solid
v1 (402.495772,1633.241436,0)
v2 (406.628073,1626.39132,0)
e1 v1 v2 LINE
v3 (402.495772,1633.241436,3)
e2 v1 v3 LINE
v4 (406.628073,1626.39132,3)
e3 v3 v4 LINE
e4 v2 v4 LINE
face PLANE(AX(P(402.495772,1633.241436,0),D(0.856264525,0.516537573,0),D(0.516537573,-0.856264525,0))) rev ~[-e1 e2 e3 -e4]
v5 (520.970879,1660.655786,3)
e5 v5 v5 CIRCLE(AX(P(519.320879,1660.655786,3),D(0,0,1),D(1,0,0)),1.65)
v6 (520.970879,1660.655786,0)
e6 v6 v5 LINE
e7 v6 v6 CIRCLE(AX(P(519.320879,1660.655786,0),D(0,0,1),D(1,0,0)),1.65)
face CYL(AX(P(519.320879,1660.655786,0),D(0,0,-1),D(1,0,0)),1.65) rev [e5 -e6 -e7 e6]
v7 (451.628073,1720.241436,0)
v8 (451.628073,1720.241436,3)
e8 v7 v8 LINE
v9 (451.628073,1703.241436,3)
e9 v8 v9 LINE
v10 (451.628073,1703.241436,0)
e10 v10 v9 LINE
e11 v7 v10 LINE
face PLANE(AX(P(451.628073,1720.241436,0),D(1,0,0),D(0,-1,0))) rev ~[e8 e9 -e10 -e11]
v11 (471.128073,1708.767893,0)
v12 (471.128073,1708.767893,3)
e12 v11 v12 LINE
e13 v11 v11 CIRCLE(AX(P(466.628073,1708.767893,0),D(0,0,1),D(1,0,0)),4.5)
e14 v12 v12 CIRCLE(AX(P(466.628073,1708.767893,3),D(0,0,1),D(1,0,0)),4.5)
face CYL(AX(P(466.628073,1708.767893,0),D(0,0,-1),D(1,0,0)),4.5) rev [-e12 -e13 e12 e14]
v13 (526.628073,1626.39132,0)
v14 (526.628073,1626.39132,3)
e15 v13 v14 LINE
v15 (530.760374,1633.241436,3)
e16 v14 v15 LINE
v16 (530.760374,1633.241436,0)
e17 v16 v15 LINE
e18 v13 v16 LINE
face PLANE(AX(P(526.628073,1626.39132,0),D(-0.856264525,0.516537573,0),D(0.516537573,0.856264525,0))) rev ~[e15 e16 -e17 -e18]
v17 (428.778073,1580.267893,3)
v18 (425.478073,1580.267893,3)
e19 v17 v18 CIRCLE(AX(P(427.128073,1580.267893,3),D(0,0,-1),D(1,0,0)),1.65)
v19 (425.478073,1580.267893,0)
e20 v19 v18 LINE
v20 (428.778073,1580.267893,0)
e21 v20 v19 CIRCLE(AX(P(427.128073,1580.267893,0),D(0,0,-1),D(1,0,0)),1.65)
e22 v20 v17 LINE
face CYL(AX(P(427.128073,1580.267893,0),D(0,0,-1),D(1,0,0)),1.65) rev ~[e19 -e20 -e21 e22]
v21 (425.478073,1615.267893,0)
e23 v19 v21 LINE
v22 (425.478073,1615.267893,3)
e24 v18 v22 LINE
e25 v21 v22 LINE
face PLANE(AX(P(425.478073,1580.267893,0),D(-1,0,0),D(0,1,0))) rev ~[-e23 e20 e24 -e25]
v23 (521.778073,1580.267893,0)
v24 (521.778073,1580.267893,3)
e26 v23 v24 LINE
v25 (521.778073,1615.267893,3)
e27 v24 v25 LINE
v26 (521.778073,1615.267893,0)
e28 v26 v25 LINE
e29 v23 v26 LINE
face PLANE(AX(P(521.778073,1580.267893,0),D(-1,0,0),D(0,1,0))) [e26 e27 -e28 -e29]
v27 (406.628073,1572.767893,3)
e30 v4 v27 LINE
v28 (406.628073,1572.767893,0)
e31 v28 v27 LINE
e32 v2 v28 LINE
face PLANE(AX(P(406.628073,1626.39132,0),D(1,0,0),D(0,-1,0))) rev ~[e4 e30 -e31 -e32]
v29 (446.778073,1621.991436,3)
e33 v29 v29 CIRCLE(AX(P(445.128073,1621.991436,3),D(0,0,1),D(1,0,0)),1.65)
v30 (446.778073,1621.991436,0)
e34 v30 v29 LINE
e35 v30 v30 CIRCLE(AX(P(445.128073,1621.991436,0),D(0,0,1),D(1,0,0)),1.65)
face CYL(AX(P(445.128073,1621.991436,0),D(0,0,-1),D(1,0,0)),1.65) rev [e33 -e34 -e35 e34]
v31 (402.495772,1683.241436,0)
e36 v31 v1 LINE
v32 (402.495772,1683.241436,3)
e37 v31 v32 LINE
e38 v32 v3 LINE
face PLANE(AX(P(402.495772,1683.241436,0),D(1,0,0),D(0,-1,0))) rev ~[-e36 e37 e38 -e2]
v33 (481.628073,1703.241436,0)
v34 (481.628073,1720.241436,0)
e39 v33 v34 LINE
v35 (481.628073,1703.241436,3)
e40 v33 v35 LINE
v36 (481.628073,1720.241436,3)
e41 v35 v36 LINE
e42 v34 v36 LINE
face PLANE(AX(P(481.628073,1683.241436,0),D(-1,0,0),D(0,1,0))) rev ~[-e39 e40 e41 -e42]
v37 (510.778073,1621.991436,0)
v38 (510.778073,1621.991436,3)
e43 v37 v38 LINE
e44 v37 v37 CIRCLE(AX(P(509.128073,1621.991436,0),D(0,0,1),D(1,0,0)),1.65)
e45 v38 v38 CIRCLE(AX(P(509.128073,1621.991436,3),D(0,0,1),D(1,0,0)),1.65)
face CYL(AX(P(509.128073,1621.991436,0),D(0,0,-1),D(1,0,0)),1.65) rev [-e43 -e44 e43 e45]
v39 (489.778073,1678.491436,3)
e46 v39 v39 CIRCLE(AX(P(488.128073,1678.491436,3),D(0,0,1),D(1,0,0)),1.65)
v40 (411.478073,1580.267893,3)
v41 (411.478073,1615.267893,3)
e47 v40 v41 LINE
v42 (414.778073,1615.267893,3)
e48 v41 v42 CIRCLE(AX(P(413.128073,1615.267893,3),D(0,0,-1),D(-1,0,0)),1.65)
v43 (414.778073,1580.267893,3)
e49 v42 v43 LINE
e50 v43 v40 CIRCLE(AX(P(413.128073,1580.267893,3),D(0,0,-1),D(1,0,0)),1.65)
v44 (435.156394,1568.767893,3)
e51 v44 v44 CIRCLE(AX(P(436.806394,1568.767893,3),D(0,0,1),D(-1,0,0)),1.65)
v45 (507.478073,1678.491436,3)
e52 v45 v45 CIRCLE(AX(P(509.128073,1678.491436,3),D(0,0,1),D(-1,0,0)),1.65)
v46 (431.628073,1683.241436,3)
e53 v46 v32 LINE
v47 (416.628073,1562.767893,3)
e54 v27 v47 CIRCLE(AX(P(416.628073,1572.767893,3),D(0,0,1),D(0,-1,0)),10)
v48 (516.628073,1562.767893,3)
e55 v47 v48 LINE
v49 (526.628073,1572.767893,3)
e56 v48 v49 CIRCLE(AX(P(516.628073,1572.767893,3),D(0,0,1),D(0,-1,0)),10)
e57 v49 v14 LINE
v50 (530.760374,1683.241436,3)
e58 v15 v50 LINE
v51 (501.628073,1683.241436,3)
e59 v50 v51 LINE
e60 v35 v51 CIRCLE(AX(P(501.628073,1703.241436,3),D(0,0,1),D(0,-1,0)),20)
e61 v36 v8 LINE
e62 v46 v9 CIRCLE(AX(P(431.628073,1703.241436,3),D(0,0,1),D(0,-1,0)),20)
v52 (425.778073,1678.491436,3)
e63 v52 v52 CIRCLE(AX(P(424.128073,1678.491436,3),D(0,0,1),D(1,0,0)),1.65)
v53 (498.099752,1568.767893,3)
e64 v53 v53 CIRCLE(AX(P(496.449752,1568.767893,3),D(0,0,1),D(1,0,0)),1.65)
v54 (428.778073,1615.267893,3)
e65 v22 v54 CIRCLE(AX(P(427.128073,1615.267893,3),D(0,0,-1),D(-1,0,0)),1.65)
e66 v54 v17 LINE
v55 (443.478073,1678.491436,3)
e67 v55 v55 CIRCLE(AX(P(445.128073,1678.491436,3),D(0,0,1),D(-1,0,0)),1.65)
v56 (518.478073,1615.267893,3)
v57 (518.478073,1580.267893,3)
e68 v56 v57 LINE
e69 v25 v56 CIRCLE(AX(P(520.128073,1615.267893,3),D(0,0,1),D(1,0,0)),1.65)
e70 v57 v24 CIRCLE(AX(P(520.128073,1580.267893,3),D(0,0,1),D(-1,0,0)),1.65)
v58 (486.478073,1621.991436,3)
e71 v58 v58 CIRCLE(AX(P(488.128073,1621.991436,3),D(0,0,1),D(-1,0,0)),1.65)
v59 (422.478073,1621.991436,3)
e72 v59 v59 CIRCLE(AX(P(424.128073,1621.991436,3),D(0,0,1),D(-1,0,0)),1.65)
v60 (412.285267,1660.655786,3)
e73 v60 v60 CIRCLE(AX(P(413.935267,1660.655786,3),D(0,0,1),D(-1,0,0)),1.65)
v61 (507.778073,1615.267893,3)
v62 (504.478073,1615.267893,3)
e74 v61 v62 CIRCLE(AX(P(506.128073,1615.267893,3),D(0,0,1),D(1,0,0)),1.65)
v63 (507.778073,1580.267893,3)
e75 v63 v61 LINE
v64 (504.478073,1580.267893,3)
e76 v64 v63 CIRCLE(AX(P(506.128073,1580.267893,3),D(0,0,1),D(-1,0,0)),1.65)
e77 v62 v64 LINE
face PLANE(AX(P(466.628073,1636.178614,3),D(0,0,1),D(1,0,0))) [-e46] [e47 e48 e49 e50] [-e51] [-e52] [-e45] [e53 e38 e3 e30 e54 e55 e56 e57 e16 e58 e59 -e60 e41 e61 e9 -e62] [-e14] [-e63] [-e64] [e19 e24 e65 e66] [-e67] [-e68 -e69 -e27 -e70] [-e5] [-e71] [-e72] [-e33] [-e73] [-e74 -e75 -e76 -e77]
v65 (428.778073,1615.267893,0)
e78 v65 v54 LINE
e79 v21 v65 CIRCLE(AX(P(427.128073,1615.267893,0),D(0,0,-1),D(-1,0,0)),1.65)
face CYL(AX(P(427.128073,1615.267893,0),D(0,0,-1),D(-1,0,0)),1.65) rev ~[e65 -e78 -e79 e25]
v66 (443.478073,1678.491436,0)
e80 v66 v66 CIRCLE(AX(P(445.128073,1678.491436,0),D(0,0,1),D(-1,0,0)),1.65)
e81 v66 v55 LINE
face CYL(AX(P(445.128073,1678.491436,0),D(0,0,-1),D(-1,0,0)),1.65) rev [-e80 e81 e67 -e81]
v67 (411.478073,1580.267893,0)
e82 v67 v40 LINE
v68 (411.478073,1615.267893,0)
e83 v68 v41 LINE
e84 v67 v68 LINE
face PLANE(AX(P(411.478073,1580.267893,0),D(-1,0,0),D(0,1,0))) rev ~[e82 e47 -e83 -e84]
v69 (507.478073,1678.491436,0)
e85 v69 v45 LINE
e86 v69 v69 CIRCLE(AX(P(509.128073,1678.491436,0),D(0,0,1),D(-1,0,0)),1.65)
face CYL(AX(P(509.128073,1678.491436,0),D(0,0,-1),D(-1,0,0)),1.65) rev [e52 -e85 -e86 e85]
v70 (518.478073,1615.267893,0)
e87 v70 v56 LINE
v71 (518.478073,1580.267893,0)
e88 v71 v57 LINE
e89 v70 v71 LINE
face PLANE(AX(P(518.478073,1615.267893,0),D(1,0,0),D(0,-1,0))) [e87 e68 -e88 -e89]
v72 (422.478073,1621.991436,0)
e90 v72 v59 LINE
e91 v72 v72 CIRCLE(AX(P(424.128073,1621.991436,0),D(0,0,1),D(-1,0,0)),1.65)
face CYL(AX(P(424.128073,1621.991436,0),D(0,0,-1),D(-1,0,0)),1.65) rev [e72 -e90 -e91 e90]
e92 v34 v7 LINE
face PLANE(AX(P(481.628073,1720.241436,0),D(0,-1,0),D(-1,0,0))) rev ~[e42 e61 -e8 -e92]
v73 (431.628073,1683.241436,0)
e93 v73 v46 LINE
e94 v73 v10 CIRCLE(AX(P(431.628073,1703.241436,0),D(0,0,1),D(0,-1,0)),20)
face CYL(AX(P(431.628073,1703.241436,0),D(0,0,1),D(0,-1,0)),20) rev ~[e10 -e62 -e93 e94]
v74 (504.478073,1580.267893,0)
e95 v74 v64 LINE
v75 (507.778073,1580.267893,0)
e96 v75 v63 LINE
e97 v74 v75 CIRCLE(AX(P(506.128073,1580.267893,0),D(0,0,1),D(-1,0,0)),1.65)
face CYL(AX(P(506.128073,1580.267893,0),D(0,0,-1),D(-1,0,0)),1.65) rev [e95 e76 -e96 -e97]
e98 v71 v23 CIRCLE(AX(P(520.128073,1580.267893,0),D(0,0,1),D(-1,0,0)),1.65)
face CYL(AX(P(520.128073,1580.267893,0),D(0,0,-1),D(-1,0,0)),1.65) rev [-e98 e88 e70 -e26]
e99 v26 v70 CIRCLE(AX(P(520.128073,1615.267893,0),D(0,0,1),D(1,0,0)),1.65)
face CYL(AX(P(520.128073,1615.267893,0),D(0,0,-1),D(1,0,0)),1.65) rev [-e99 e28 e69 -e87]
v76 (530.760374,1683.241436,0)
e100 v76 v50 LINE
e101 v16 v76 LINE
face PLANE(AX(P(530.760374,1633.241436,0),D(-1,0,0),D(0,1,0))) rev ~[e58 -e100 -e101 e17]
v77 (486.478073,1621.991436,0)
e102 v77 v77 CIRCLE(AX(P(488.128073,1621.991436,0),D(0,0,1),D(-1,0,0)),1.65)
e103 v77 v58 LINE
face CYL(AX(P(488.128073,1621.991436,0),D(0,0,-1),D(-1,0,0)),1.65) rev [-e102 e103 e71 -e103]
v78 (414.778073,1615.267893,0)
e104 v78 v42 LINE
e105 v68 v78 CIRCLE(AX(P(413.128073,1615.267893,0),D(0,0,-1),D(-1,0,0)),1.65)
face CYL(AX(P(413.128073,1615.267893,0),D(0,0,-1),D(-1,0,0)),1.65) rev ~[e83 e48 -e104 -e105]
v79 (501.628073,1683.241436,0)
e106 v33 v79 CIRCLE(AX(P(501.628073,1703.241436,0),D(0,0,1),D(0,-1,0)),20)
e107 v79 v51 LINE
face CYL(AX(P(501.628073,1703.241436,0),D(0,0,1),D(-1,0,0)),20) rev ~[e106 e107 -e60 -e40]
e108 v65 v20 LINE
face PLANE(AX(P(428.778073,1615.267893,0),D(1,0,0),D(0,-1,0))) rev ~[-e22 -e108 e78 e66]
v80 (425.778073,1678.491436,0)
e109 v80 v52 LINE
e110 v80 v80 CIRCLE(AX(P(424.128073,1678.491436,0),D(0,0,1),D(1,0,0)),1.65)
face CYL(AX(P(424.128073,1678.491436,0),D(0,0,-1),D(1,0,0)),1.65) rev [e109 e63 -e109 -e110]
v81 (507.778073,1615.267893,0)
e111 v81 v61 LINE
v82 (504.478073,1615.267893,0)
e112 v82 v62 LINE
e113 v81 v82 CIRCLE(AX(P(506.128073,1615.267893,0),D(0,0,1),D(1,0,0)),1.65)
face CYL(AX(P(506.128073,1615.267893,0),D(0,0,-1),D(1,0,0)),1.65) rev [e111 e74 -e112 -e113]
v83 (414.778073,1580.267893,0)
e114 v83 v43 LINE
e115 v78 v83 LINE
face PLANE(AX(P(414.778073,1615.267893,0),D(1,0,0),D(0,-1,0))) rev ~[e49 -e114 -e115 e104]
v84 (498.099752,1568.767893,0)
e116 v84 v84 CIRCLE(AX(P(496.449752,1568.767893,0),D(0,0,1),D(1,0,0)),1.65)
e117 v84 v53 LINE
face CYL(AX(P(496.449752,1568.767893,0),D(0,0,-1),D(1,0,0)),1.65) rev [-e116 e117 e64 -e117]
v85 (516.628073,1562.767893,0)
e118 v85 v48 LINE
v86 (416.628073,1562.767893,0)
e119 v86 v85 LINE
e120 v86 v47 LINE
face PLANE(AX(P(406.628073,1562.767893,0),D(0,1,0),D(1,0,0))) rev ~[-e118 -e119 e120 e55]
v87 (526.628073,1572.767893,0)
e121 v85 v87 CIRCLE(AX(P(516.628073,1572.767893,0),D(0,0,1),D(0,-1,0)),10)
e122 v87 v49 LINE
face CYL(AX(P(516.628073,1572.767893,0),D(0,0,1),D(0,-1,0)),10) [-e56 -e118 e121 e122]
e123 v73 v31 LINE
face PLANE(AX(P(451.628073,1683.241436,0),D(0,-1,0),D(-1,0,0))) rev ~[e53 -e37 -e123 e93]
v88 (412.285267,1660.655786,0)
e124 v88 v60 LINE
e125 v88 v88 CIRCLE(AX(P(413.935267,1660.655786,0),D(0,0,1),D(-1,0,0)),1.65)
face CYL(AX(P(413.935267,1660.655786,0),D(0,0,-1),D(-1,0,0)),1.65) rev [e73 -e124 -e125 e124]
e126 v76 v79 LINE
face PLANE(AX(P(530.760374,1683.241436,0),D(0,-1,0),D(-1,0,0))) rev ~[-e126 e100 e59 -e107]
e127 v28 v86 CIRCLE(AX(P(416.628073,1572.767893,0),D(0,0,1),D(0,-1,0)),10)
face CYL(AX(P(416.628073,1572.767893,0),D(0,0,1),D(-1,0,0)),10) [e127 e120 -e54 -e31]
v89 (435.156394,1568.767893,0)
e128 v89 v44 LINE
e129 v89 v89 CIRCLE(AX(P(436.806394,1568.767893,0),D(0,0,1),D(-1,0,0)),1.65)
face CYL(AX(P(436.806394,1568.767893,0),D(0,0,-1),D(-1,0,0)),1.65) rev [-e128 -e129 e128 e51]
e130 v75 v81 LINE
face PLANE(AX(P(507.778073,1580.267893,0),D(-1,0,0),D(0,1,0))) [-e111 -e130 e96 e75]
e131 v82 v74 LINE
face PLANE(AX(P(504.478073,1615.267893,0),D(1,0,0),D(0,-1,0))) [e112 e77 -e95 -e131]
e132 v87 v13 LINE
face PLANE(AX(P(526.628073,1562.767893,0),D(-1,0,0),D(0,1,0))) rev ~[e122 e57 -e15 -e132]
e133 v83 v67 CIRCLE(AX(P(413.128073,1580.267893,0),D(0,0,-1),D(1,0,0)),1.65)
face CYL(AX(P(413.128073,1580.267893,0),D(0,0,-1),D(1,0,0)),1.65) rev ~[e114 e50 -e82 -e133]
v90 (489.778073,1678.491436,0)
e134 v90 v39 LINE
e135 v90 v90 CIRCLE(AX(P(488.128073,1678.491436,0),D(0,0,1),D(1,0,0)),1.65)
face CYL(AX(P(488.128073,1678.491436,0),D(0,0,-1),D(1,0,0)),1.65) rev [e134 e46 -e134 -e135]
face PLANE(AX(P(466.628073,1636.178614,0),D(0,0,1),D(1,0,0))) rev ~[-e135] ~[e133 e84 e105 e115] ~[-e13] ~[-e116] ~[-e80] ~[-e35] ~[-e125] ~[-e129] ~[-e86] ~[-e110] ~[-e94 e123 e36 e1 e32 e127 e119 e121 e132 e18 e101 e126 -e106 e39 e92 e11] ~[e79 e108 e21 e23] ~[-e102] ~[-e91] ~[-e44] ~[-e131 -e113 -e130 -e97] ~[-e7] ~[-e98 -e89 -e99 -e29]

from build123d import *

# Parameters (mm, degrees)
SKETCH1_R           = 4.5
SKETCH1_R_2         = 1.65
BOSS_EXTRUDE1_DEPTH = 3
FILLET3_R           = 20
FILLET4_R           = 10


with BuildPart() as part:
    # Sketch1 → Boss-Extrude1 (new body)
    with BuildSketch(Plane.XY):
        Polygon((402.495772407, 1683.241435849), (402.495772407, 1633.241435849), (406.628072987, 1626.391319652), (406.628072987, 1562.767892621), (526.628072987, 1562.767892621), (526.628072987, 1626.391319652), (530.760373568, 1633.241435849), (530.760373568, 1683.241435849), (481.628072987, 1683.241435849), (481.628072987, 1720.241435849), (451.628072987, 1720.241435849), (451.628072987, 1683.241435849), align=None)
        with Locations((466.628072987, 1708.767892621)):
            Circle(SKETCH1_R, mode=Mode.SUBTRACT)
        with Locations((519.320878863, 1660.655786173)):
            Circle(SKETCH1_R_2, mode=Mode.SUBTRACT)
        with Locations((496.449751686, 1568.767892621)):
            Circle(SKETCH1_R_2, mode=Mode.SUBTRACT)
        with Locations(Location((413.935267112, 1660.655786173, 0), (0, 0, 180))):
            Circle(SKETCH1_R_2, mode=Mode.SUBTRACT)
        with Locations(Location((436.806394289, 1568.767892621, 0), (0, 0, 180))):
            Circle(SKETCH1_R_2, mode=Mode.SUBTRACT)
        with Locations((488.128072987, 1678.491435849)):
            Circle(SKETCH1_R_2, mode=Mode.SUBTRACT)
        with Locations(Location((509.128072987, 1678.491435849, 0), (0, 0, 180))):
            Circle(SKETCH1_R_2, mode=Mode.SUBTRACT)
        with Locations(Location((488.128072987, 1621.991435849, 0), (0, 0, 180))):
            Circle(SKETCH1_R_2, mode=Mode.SUBTRACT)
        with Locations((509.128072987, 1621.991435849)):
            Circle(SKETCH1_R_2, mode=Mode.SUBTRACT)
        with Locations(Location((424.128072987, 1621.991435849, 0), (0, 0, 180))):
            Circle(SKETCH1_R_2, mode=Mode.SUBTRACT)
        with Locations((424.128072987, 1678.491435849)):
            Circle(SKETCH1_R_2, mode=Mode.SUBTRACT)
        with Locations(Location((445.128072987, 1678.491435849, 0), (0, 0, 180))):
            Circle(SKETCH1_R_2, mode=Mode.SUBTRACT)
        with Locations((445.128072987, 1621.991435849)):
            Circle(SKETCH1_R_2, mode=Mode.SUBTRACT)
        with BuildLine():
            Line((414.778072987, 1615.267892621), (414.778072987, 1580.267892621))
            ThreePointArc((414.778072987, 1580.267892621), (413.128072987, 1578.617892621), (411.478072987, 1580.267892621))
            Line((411.478072987, 1580.267892621), (411.478072987, 1615.267892621))
            ThreePointArc((411.478072987, 1615.267892621), (413.128072987, 1616.917892621), (414.778072987, 1615.267892621))
        make_face(mode=Mode.SUBTRACT)
        with BuildLine():
            Line((518.478072987, 1615.267892621), (518.478072987, 1580.267892621))
            ThreePointArc((518.478072987, 1580.267892621), (520.128072987, 1578.617892621), (521.778072987, 1580.267892621))
            Line((521.778072987, 1580.267892621), (521.778072987, 1615.267892621))
            ThreePointArc((521.778072987, 1615.267892621), (520.128072987, 1616.917892621), (518.478072987, 1615.267892621))
        make_face(mode=Mode.SUBTRACT)
        with BuildLine():
            Line((428.778072987, 1615.267892621), (428.778072987, 1580.267892621))
            ThreePointArc((428.778072987, 1580.267892621), (427.128072987, 1578.617892621), (425.478072987, 1580.267892621))
            Line((425.478072987, 1580.267892621), (425.478072987, 1615.267892621))
            ThreePointArc((425.478072987, 1615.267892621), (427.128072987, 1616.917892621), (428.778072987, 1615.267892621))
        make_face(mode=Mode.SUBTRACT)
        with BuildLine():
            Line((504.478072987, 1615.267892621), (504.478072987, 1580.267892621))
            ThreePointArc((504.478072987, 1580.267892621), (506.128072987, 1578.617892621), (507.778072987, 1580.267892621))
            Line((507.778072987, 1580.267892621), (507.778072987, 1615.267892621))
            ThreePointArc((507.778072987, 1615.267892621), (506.128072987, 1616.917892621), (504.478072987, 1615.267892621))
        make_face(mode=Mode.SUBTRACT)
    extrude(amount=BOSS_EXTRUDE1_DEPTH)

    # Fillet3
    fillet3_edges = [part.edges().sort_by_distance(p)[0] for p in [
        (481.628072987, 1683.241435849, 1.5),
        (451.628072987, 1683.241435849, 1.5),
    ]]
    fillet(fillet3_edges, radius=FILLET3_R)

    # Fillet4
    fillet4_edges = [part.edges().sort_by_distance(p)[0] for p in [
        (526.628072987, 1562.767892621, 1.5),
        (406.628072987, 1562.767892621, 1.5),
    ]]
    fillet(fillet4_edges, radius=FILLET4_R)


solid = part.part
